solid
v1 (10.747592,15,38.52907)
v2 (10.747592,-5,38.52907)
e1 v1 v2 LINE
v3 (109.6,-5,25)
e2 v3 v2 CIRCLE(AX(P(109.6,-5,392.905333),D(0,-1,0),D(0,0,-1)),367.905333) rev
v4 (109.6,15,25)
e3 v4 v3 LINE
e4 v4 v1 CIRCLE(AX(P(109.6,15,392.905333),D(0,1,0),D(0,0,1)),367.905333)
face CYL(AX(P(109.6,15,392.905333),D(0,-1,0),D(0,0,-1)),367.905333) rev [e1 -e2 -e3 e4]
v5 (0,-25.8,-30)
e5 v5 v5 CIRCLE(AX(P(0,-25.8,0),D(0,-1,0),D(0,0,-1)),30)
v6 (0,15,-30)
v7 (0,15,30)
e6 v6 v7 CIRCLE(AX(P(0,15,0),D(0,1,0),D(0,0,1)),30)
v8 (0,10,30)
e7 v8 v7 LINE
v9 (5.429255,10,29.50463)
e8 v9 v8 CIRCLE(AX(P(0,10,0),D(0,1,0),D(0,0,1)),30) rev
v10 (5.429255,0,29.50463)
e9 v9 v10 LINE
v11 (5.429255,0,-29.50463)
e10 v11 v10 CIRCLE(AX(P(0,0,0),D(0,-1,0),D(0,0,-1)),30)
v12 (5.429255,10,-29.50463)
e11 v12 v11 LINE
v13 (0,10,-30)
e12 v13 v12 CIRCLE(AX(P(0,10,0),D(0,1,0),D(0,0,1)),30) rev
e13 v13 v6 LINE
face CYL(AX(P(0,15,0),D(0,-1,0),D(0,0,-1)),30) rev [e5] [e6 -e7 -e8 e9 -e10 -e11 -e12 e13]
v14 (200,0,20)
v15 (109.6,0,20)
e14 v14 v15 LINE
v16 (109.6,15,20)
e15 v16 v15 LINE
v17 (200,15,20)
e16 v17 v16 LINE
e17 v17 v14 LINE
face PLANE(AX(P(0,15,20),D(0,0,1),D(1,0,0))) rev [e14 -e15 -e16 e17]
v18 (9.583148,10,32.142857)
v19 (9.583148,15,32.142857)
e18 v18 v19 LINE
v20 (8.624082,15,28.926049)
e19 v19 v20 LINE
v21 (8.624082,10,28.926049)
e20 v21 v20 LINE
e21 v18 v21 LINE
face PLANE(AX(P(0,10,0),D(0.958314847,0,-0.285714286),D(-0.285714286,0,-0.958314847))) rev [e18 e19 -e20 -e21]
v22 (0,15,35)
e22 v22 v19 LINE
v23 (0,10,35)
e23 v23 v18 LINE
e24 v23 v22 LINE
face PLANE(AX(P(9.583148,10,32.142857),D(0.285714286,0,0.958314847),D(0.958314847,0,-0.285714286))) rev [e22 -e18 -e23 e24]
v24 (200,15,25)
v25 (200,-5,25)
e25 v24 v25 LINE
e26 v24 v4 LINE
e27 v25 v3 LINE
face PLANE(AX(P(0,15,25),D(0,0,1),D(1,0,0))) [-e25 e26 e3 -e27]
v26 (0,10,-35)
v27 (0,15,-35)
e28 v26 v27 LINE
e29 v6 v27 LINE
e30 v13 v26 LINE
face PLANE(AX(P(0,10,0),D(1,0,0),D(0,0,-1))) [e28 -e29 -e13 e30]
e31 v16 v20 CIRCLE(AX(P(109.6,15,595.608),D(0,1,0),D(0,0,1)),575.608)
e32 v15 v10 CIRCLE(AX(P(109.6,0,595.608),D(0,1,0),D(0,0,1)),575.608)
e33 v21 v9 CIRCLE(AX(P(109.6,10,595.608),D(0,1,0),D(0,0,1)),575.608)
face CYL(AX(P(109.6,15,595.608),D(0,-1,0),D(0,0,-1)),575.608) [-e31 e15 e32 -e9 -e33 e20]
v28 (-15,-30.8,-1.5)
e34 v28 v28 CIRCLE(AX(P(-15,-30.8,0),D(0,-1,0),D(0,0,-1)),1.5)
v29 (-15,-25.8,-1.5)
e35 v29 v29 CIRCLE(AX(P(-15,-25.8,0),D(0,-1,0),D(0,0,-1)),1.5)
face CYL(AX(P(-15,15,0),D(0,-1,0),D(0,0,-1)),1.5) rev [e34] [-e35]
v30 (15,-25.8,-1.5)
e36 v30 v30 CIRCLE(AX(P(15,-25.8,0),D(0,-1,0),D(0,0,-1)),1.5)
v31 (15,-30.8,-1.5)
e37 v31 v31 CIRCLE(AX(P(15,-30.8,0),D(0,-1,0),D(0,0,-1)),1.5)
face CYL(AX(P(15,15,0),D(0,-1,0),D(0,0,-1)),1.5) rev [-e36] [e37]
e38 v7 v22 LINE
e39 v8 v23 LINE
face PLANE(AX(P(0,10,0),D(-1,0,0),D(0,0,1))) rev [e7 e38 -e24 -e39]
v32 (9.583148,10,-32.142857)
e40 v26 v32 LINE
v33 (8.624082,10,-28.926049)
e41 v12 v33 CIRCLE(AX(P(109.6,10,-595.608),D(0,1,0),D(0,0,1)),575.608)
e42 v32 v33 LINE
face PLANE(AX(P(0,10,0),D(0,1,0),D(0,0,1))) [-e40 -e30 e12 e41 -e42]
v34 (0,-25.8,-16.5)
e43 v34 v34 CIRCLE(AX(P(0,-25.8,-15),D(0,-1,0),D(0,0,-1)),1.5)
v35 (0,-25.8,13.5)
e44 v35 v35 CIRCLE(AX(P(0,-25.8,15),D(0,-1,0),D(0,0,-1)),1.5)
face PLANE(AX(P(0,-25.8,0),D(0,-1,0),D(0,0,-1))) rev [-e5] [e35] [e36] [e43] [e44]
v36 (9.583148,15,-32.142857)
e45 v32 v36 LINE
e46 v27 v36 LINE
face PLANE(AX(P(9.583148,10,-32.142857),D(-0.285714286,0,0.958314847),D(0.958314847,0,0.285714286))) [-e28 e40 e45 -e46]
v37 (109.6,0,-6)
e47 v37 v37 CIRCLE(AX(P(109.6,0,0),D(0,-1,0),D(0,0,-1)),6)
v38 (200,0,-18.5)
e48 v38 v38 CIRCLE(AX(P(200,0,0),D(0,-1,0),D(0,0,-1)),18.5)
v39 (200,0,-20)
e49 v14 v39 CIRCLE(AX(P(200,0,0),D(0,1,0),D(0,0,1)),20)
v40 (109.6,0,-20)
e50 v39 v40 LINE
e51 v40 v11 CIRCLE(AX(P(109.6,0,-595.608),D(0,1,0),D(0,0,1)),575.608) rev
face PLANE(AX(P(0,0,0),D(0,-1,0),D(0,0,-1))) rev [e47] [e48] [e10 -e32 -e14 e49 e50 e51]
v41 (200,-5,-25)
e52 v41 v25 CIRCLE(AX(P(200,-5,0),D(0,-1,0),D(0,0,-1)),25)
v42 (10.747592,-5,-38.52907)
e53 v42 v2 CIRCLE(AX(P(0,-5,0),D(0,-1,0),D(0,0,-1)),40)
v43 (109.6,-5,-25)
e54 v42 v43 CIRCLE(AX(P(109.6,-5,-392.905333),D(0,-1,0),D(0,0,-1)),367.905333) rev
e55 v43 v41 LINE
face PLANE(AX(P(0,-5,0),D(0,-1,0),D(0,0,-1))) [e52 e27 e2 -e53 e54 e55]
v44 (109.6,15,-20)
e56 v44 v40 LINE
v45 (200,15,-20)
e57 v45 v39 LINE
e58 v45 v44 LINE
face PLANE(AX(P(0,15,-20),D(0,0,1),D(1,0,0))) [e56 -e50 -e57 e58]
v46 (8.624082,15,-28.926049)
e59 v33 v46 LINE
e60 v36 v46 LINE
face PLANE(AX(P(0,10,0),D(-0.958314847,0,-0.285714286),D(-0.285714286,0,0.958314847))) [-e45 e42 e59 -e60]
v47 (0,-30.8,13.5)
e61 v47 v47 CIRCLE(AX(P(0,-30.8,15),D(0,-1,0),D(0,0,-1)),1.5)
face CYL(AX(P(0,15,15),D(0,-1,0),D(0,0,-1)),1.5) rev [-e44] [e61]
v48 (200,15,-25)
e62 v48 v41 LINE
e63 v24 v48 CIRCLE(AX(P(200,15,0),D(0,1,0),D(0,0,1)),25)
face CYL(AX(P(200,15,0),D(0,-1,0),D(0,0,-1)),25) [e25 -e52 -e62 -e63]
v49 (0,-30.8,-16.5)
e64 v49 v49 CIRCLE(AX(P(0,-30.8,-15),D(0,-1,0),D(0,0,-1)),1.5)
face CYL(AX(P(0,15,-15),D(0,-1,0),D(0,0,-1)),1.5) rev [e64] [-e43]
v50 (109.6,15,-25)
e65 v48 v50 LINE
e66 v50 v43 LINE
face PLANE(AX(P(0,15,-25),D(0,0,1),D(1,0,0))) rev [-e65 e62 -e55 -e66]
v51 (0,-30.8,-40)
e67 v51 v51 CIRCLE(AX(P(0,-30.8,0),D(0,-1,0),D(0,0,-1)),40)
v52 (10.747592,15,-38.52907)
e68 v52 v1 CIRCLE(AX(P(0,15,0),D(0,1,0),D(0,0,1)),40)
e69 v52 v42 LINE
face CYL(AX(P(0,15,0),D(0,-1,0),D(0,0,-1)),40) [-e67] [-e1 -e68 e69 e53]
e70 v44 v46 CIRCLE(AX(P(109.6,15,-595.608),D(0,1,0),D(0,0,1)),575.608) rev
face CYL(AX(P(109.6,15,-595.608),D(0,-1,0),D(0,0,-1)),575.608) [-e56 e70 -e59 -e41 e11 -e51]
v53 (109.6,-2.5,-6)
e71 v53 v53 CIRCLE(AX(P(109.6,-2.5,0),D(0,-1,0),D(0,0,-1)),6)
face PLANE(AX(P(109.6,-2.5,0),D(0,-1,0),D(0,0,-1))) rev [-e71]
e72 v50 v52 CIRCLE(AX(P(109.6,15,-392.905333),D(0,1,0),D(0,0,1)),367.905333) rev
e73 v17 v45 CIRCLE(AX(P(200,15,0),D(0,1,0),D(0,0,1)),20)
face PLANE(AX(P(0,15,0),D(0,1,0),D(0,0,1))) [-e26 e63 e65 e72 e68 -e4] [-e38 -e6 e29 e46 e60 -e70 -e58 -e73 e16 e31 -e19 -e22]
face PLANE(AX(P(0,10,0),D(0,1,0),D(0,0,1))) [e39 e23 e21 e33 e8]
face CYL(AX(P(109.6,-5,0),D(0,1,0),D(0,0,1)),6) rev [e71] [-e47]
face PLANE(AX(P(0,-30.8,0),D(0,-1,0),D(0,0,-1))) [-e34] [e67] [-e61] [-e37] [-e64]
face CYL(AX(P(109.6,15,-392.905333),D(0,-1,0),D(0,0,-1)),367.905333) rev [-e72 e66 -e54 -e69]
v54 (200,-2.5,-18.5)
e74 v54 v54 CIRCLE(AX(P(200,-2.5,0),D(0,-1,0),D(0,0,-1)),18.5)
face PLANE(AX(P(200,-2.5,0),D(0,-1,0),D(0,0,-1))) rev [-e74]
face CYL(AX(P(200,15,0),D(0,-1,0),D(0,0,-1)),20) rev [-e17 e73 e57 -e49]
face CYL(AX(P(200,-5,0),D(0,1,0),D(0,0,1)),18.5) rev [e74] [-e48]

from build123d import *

# Parameters (mm, degrees)
BOSS_EXTRUDE1_DEPTH     = 15
SKETCH2_R               = 40
SKETCH2_R_2             = 30
BOSS_EXTRUDE2_DEPTH     = 25.8
SKETCH3_R               = 40
BOSS_EXTRUDE3_DEPTH     = 5
SKETCH4_R               = 6
SKETCH4_R_2             = 18.5
BOSS_EXTRUDE4_DEPTH     = 5
SKETCH6_R               = 6
SKETCH6_R_2             = 18.5
BOSS_EXTRUDE5_DEPTH     = 2.5
CUT_EXTRUDE1_DEPTH      = 5
SKETCH8_R               = 1.5
CUT_EXTRUDE2_DEPTH      = 1
CUT_EXTRUDE2_DEPTH_BACK = 46.8


with BuildPart() as part:
    # Sketch1 → Boss-Extrude1 (new body)
    with BuildSketch(Plane(origin=(0, 0, 0), x_dir=(1, 0, 0), z_dir=(0, 1, 0))):
        with BuildLine():
            ThreePointArc((200, -25), (225, 0), (200, 25))
            Line((200, 25), (109.6, 25))
            ThreePointArc((109.6, 25), (59.713041879, 28.397959328), (10.747591761, 38.529070471))
            ThreePointArc((10.747591761, 38.529070471), (-40, 0), (10.747591761, -38.529070471))
            ThreePointArc((10.747591761, -38.529070471), (59.713041879, -28.397959328), (109.6, -25))
            Line((109.6, -25), (200, -25))
        make_face()
        with BuildLine():
            Line((109.6, 20), (200, 20))
            ThreePointArc((200, 20), (220, 0), (200, -20))
            Line((200, -20), (109.6, -20))
            ThreePointArc((109.6, -20), (57.298273937, -22.381082353), (5.429254567, -29.504630058))
            ThreePointArc((5.429254567, -29.504630058), (-30, 0), (5.429254567, 29.504630058))
            ThreePointArc((5.429254567, 29.504630058), (57.298273937, 22.381082353), (109.6, 20))
        make_face(mode=Mode.SUBTRACT)
    extrude(amount=BOSS_EXTRUDE1_DEPTH)

    # Sketch2 → Boss-Extrude2 (add)
    with BuildSketch(Plane.XZ):
        Circle(SKETCH2_R)
        Circle(SKETCH2_R_2, mode=Mode.SUBTRACT)
    extrude(amount=BOSS_EXTRUDE2_DEPTH)

    # Sketch3 → Boss-Extrude3 (add)
    with BuildSketch(Plane.XZ.offset(25.8)):
        Circle(SKETCH3_R)
    extrude(amount=BOSS_EXTRUDE3_DEPTH)

    # Sketch4 → Boss-Extrude4 (add)
    with BuildSketch(Plane.XZ):
        with BuildLine():
            ThreePointArc((185, -20), (175, 0), (185, 20))
            Line((185, 20), (109.6, 20))
            ThreePointArc((109.6, 20), (70.154992453, 21.353125364), (30.895437645, 25.406139666))
            ThreePointArc((30.895437645, 25.406139666), (37.655129171, 13.494118982), (40, 0))
            ThreePointArc((40, 0), (37.655129171, -13.494118982), (30.895437645, -25.406139666))
            ThreePointArc((30.895437645, -25.406139666), (70.154992453, -21.353125364), (109.6, -20))
            Line((109.6, -20), (185, -20))
        make_face()
        with Locations((109.6, 0)):
            Circle(SKETCH4_R, mode=Mode.SUBTRACT)
        with BuildLine():
            Line((200, 20), (185, 20))
            ThreePointArc((185, 20), (175, 0), (185, -20))
            Line((185, -20), (200, -20))
            ThreePointArc((200, -20), (220, 0), (200, 20))
        make_face()
        with Locations((200, 0)):
            Circle(SKETCH4_R_2, mode=Mode.SUBTRACT)
        with BuildLine():
            ThreePointArc((225, 0), (217.67766953, 17.67766953), (200, 25))
            ThreePointArc((200, 25), (192.09430585, 23.717082451), (185, 20))
            Line((185, 20), (200, 20))
            ThreePointArc((200, 20), (220, 0), (200, -20))
            Line((200, -20), (185, -20))
            ThreePointArc((185, -20), (192.09430585, -23.717082451), (200, -25))
            ThreePointArc((200, -25), (217.67766953, -17.67766953), (225, 0))
        make_face()
        with BuildLine():
            ThreePointArc((185, 20), (192.09430585, 23.717082451), (200, 25))
            Line((200, 25), (109.6, 25))
            ThreePointArc((109.6, 25), (59.713041879, 28.397959328), (10.747591761, 38.529070471))
            ThreePointArc((10.747591761, 38.529070471), (21.830902473, 33.51733428), (30.895437645, 25.406139666))
            ThreePointArc((30.895437645, 25.406139666), (70.154992453, 21.353125364), (109.6, 20))
            Line((109.6, 20), (185, 20))
        make_face()
        with BuildLine():
            Line((109.6, -25), (200, -25))
            ThreePointArc((200, -25), (192.09430585, -23.717082451), (185, -20))
            Line((185, -20), (109.6, -20))
            ThreePointArc((109.6, -20), (70.154992453, -21.353125364), (30.895437645, -25.406139666))
            ThreePointArc((30.895437645, -25.406139666), (21.830902473, -33.51733428), (10.747591761, -38.529070471))
            ThreePointArc((10.747591761, -38.529070471), (59.713041879, -28.397959328), (109.6, -25))
        make_face()
    extrude(amount=BOSS_EXTRUDE4_DEPTH)

    # Sketch6 → Boss-Extrude5 (add)
    with BuildSketch(Plane.XZ.offset(5)):
        with Locations((109.6, 0)):
            Circle(SKETCH6_R)
        with Locations((200, 0)):
            Circle(SKETCH6_R_2)
    extrude(amount=-BOSS_EXTRUDE5_DEPTH)

    # Sketch7 → Cut-Extrude1 (cut)
    with BuildSketch(Plane(origin=(0, 15, 0), x_dir=(1, 0, 0), z_dir=(0, 1, 0))):
        with BuildLine():
            ThreePointArc((5.429254567, -29.504630058), (2.725903361, -29.875900838), (0, -30))
            Line((0, -30), (0, -35))
            Line((0, -35), (9.583148475, -32.142857143))
            Line((9.583148475, -32.142857143), (8.624081591, -28.926049021))
            ThreePointArc((8.624081591, -28.926049021), (7.026260133, -29.213086928), (5.429254567, -29.504630058))
        make_face()
        with BuildLine():
            Line((0, 35), (0, 30))
            ThreePointArc((0, 30), (2.725903361, 29.875900838), (5.429254567, 29.504630058))
            ThreePointArc((5.429254567, 29.504630058), (7.026260133, 29.213086928), (8.624081591, 28.926049021))
            Line((8.624081591, 28.926049021), (9.583148475, 32.142857143))
            Line((9.583148475, 32.142857143), (0, 35))
        make_face()
    extrude(amount=-CUT_EXTRUDE1_DEPTH, mode=Mode.SUBTRACT)

    # Sketch8 → Cut-Extrude2 (cut, two sides)
    with BuildSketch(Plane.XZ.offset(30.8)) as cut_extrude2_sk:
        with Locations((0, 15)):
            Circle(SKETCH8_R)
        with Locations((15, 0)):
            Circle(SKETCH8_R)
        with Locations((0, -15)):
            Circle(SKETCH8_R)
        with Locations((-15, 0)):
            Circle(SKETCH8_R)
    extrude(amount=CUT_EXTRUDE2_DEPTH, mode=Mode.SUBTRACT)
    extrude(cut_extrude2_sk.sketch, amount=-CUT_EXTRUDE2_DEPTH_BACK, mode=Mode.SUBTRACT)


solid = part.part
